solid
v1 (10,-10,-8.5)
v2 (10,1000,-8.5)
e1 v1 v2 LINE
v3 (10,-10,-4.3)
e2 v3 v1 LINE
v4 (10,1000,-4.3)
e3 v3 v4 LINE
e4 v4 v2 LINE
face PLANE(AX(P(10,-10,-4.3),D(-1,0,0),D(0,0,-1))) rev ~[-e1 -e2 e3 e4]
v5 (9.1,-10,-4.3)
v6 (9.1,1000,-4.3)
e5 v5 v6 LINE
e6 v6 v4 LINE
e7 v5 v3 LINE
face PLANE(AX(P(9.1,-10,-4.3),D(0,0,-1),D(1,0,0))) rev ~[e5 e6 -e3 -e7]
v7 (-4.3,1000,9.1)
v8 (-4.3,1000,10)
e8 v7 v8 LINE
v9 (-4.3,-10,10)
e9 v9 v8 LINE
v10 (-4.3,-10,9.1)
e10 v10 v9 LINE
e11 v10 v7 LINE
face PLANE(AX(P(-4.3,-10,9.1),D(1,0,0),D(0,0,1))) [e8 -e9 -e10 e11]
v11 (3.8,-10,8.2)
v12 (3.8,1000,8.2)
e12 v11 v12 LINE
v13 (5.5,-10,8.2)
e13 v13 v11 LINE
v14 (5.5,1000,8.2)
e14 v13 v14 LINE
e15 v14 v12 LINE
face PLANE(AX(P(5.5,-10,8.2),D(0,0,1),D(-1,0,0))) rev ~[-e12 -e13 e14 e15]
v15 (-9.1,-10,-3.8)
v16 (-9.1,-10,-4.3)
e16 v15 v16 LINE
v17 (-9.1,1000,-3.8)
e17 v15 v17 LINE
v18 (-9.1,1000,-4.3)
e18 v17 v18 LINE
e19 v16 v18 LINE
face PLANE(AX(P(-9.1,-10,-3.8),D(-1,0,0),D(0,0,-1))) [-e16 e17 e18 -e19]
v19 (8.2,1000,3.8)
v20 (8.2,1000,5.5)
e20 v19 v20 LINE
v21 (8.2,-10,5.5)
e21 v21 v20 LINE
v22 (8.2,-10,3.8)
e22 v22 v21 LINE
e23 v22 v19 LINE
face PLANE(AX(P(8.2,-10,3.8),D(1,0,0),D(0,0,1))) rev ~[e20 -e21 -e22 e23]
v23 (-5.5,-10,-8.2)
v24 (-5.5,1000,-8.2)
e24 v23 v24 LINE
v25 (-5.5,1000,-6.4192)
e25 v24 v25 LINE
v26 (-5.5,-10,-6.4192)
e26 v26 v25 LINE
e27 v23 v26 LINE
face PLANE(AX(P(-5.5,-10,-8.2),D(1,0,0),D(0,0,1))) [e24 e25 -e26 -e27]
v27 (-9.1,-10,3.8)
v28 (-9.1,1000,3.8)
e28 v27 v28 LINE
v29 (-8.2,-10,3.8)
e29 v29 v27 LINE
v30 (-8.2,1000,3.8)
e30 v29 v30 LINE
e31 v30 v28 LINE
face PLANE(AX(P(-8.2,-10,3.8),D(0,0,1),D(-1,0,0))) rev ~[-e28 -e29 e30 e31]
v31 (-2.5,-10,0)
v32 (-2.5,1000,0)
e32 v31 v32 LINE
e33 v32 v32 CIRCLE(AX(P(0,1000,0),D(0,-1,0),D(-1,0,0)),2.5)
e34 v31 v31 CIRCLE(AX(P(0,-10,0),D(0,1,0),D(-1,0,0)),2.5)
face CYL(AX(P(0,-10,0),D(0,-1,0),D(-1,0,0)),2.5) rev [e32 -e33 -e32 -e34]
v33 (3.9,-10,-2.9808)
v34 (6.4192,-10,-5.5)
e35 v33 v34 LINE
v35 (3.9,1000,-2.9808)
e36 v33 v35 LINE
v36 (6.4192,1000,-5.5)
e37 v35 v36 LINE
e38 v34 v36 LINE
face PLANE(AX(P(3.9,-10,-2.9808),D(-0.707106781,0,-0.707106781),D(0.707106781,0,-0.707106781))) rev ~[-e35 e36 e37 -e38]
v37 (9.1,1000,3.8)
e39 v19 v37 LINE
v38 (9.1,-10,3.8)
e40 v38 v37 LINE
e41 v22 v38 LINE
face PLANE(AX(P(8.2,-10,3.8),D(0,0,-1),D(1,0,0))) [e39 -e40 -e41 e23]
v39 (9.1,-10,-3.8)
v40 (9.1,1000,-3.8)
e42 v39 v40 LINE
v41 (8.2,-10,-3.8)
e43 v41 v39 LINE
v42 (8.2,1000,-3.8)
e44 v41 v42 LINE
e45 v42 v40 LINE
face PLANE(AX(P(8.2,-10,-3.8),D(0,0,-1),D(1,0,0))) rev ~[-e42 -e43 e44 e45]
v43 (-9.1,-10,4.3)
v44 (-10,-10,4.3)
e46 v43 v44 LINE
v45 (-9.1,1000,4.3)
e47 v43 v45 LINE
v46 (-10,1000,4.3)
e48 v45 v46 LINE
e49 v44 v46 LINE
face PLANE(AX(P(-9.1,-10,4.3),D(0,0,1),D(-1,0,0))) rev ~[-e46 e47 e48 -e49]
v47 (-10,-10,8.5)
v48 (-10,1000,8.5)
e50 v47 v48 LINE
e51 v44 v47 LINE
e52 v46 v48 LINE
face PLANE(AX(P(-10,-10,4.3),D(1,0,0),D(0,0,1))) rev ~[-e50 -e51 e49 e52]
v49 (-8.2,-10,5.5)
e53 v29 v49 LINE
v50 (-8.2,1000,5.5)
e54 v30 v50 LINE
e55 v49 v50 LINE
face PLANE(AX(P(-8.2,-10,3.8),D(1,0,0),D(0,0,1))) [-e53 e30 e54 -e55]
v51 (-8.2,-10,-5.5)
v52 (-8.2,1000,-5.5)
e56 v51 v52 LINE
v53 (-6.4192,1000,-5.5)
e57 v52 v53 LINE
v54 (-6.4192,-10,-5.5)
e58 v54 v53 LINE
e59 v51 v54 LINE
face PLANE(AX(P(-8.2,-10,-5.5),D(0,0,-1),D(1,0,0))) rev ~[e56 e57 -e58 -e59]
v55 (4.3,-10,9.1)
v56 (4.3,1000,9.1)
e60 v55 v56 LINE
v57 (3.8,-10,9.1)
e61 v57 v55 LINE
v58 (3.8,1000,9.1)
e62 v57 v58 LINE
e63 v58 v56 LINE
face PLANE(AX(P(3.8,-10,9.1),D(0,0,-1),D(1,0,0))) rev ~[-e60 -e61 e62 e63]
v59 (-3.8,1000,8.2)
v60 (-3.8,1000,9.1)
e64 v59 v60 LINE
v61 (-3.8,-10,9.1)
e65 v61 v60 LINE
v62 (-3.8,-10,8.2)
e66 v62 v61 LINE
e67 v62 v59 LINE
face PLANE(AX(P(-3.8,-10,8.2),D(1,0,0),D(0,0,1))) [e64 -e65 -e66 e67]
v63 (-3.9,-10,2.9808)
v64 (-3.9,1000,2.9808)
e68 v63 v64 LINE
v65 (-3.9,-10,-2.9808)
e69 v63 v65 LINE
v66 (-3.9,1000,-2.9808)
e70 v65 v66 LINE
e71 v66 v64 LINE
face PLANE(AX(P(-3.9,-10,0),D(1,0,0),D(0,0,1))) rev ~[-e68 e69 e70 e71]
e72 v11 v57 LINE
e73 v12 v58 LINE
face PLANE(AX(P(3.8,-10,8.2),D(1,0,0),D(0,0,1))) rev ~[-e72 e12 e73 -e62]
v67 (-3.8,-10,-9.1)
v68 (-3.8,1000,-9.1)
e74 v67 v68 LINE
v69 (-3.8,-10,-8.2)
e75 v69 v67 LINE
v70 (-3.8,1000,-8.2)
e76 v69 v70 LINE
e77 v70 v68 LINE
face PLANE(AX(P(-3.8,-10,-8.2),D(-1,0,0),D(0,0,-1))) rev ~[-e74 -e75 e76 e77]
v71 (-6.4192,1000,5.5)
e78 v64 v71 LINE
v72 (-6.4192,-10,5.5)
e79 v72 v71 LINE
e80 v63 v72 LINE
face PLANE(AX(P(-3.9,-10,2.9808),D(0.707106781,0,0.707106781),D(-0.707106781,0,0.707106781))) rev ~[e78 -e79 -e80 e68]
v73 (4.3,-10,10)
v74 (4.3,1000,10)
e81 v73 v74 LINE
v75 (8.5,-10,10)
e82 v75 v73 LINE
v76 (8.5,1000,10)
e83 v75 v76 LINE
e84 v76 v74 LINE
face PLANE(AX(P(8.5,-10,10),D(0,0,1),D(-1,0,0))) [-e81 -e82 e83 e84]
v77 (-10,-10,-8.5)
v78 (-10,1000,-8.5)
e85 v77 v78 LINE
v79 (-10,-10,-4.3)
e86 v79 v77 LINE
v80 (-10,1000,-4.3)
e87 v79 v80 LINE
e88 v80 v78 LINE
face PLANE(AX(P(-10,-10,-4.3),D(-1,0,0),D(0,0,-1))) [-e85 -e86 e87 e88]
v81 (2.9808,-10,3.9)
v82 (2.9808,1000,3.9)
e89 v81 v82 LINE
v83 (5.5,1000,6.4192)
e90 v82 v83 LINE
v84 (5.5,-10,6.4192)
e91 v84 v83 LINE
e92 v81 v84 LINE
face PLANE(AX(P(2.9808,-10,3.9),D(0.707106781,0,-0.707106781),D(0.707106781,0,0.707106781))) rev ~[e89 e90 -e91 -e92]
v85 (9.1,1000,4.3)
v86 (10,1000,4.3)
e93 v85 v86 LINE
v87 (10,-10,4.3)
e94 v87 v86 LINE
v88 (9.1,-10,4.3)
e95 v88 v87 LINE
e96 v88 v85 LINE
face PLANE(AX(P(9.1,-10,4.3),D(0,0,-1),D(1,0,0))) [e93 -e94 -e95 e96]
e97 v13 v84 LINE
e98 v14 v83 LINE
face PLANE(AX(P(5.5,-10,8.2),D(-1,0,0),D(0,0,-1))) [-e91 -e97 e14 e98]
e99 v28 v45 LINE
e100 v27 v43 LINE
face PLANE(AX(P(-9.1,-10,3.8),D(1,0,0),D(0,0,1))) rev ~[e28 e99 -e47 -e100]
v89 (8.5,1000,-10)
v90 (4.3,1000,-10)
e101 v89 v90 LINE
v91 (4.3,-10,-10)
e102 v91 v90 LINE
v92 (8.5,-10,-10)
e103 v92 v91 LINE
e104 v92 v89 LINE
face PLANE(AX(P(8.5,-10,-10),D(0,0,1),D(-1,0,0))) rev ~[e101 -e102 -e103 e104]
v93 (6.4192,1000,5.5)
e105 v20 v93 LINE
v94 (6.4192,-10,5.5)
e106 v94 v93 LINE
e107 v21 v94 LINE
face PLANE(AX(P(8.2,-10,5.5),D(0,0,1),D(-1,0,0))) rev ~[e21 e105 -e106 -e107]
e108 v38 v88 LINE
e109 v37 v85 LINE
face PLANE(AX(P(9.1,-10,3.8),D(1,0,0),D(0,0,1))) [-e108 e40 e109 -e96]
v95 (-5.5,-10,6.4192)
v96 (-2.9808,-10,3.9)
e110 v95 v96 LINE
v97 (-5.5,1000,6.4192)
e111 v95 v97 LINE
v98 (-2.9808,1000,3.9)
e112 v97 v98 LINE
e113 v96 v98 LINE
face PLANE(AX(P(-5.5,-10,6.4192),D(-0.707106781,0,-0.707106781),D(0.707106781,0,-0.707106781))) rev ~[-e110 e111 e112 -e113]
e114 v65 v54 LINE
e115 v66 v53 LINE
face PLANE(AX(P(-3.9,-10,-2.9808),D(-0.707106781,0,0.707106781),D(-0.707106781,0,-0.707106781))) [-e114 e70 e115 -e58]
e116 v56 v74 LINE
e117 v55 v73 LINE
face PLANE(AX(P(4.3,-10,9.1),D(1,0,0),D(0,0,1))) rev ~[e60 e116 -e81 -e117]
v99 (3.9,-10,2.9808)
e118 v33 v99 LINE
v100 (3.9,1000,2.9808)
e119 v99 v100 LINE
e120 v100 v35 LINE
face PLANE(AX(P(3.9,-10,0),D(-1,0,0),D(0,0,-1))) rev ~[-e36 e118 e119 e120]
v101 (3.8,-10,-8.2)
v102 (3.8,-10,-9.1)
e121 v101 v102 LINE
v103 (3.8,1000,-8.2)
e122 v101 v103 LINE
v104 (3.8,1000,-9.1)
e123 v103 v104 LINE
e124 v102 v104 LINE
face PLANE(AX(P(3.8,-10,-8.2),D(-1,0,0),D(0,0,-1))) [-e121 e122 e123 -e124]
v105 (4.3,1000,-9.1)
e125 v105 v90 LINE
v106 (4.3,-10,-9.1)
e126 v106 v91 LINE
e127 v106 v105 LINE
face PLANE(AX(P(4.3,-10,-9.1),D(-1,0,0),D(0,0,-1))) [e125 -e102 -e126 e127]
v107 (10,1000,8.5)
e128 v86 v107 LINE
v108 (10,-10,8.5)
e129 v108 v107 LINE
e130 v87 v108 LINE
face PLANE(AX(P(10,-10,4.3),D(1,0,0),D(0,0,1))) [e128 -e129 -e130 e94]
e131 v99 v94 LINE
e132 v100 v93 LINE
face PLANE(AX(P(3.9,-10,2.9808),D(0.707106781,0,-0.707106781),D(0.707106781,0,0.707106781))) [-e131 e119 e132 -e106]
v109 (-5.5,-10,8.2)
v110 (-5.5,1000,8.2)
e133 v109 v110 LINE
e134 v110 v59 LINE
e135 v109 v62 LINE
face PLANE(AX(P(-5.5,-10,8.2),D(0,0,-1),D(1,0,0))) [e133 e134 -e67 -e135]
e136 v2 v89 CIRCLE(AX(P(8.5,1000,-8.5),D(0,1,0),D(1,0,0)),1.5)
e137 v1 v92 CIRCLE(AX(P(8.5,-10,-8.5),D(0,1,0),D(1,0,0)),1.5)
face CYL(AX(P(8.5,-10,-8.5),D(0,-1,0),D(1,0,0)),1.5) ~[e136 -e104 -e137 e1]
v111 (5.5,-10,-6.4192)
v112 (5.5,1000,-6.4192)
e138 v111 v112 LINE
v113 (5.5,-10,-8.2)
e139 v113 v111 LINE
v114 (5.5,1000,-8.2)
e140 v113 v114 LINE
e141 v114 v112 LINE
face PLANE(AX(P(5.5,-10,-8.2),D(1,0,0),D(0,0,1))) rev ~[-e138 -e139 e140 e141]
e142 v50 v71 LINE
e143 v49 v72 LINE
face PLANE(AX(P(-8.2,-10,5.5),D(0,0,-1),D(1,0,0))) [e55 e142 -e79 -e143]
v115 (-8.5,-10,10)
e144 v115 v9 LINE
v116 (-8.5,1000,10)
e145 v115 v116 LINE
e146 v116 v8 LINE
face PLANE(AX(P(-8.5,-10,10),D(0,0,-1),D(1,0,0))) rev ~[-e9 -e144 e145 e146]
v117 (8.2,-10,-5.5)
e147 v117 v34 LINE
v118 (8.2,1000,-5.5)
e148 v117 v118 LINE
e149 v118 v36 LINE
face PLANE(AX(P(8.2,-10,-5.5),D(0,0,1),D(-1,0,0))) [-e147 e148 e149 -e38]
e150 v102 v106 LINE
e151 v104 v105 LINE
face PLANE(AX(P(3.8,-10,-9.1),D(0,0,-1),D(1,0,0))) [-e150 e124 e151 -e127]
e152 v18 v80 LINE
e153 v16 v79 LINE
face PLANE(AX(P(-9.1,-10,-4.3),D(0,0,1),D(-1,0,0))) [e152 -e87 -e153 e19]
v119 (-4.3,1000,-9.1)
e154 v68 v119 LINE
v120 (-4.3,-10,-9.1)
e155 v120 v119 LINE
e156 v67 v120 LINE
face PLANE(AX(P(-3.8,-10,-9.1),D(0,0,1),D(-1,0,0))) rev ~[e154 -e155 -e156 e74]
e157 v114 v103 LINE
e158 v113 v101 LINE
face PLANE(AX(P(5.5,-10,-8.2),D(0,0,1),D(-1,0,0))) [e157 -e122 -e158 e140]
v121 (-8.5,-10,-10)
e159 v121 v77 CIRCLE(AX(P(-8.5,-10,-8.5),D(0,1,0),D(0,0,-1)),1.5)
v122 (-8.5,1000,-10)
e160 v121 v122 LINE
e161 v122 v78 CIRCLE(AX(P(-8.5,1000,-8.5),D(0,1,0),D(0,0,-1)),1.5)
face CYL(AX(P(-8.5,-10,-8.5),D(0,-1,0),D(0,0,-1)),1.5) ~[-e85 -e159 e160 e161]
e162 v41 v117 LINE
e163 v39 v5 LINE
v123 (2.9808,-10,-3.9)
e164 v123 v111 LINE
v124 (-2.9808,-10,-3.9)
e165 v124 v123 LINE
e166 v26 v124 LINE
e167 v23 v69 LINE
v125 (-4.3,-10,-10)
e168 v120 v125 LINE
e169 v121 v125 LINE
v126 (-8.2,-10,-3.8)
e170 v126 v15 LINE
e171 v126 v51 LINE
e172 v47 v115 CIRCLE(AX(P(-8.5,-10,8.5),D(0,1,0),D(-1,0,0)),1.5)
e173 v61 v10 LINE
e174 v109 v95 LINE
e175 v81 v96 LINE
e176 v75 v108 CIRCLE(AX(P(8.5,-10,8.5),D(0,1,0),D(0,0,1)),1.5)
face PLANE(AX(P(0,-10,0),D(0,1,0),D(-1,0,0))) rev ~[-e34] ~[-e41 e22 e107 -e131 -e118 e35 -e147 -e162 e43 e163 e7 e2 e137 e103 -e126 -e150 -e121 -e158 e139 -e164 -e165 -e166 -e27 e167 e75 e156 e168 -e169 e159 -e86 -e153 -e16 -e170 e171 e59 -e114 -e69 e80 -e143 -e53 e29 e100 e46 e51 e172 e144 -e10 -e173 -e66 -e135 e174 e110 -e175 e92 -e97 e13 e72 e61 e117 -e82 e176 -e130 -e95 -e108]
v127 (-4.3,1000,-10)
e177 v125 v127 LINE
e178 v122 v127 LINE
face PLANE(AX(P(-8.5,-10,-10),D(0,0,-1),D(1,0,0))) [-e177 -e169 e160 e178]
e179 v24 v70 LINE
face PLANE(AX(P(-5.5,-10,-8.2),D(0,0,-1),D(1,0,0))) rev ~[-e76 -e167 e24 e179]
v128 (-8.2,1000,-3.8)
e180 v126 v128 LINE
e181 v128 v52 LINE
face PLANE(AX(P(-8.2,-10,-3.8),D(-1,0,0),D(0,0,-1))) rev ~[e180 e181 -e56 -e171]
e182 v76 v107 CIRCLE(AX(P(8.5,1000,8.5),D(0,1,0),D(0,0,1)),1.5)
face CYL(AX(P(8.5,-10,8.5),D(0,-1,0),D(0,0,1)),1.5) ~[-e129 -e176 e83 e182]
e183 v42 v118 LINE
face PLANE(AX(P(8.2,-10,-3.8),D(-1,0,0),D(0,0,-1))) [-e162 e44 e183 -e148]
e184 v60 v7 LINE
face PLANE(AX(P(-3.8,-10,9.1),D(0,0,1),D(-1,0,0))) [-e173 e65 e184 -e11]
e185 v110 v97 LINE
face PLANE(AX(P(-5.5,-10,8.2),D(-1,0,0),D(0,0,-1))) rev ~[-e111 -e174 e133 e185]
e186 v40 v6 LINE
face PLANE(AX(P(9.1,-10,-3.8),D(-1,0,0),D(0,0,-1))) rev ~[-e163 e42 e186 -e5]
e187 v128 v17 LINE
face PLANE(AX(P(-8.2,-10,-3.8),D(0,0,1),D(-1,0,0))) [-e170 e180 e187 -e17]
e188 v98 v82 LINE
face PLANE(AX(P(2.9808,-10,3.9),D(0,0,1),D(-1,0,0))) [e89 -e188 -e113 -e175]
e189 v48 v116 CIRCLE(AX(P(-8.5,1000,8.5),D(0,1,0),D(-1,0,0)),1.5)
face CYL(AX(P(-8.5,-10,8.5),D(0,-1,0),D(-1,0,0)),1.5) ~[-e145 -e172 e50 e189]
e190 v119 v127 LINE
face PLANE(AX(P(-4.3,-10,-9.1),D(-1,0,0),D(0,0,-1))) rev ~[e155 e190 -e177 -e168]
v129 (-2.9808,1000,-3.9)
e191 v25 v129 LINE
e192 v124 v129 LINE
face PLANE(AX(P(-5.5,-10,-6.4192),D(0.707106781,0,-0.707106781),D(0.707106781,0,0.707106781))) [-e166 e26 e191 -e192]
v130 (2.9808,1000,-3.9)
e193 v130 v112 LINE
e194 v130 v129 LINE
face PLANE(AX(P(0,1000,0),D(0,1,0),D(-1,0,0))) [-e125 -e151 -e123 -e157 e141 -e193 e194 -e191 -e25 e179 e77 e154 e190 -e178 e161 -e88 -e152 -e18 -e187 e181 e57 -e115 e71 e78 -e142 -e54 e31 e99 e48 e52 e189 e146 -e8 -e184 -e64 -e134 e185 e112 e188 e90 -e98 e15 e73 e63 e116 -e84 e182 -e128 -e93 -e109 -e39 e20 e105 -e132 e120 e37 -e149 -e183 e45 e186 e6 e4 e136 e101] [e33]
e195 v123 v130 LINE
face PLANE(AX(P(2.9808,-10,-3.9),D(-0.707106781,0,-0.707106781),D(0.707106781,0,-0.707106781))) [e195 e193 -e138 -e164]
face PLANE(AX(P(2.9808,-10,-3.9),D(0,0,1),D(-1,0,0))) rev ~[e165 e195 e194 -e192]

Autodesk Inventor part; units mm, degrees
ref_plane "起始平面" through (0, -10, 0) normal (0, 1, 0) x (-1, 0, 0)
ref_plane "终止平面" through (0, 1000, 0) normal (0, 1, 0) x (-1, 0, 0)
sketch "草图" plane through (0, 0, 0) normal (0, 1, 0) x (-1, 0, 0)
  line L0 (-9.1, 10.0192) -> (-9.101, 10.0203)
  line L1 (-10, 10) -> (-9.5607, 9.5607) construction
  arc A0 (-8.5, 10) -> (-10, 8.5) centre (-8.5, 8.5) ccw
  circle A1 centre (0, 0) radius 2.5
  line L2 (-2.9808, 3.9) -> (0, 3.9)
  line L3 (-3.9, 0) -> (-3.9, 2.9808)
  line L4 (-2.5, 0) -> (-3.1, 0)
  line L5 (2.9808, 3.9) -> (0, 3.9)
  circle A2 centre (0, 0) radius 2.5
  circle A3 centre (0, 0) radius 2.5
  circle A4 centre (0, 0) radius 2.5
  line L6 (0, 16.3557) -> (0, -12.0006)
  line L7 (-4.3, 9.1) -> (-4.3, 10)
  line L8 (2.9808, -3.9) -> (0, -3.9)
  line L9 (-3.9, 0) -> (-3.9, -2.9808)
  line L10 (3.9, 0) -> (3.9, -2.9808)
  line L11 (-2.9808, -3.9) -> (-5.5, -6.4192)
  line L12 (-2.9808, -3.9) -> (0, -3.9)
  line L13 (3.8, -8.2) -> (3.8, -9.1)
  line L14 (5.5, -6.4192) -> (2.9808, -3.9)
  line L15 (3.8, -9.1) -> (4.3, -9.1)
  line L16 (5.5, -8.2) -> (3.8, -8.2)
  line L17 (5.5, -8.2) -> (5.5, -6.4192)
  line L18 (3.9, -2.9808) -> (6.4192, -5.5)
  line L19 (8.2, -3.8) -> (8.2, -5.5)
  line L20 (8.2, -5.5) -> (6.4192, -5.5)
  line L21 (8.2, -3.8) -> (9.1, -3.8)
  line L22 (9.1, -3.8) -> (9.1, -4.3)
  line L23 (9.1, -4.3) -> (10, -4.3)
  line L24 (10, -4.3) -> (10, -8.5)
  arc A5 (8.5, -10) -> (10, -8.5) centre (8.5, -8.5) ccw
  line L25 (8.5, -10) -> (4.3, -10)
  line L26 (4.3, -9.1) -> (4.3, -10)
  line L27 (5.5, 6.4192) -> (2.9808, 3.9)
  line L28 (3.9, 2.9808) -> (6.4192, 5.5)
  line L29 (10, 4.3) -> (10, 8.5)
  line L30 (3.9, 0) -> (3.9, 2.9808)
  line L31 (5.5, 8.2) -> (5.5, 6.4192)
  line L32 (5.5, 8.2) -> (3.8, 8.2)
  line L33 (4.3, 9.1) -> (4.3, 10)
  arc A6 (10, 8.5) -> (8.5, 10) centre (8.5, 8.5) ccw
  line L34 (8.5, 10) -> (4.3, 10)
  line L35 (8.2, 3.8) -> (9.1, 3.8)
  line L36 (9.1, 4.3) -> (10, 4.3)
  line L37 (9.1, 3.8) -> (9.1, 4.3)
  line L38 (8.2, 3.8) -> (8.2, 5.5)
  line L39 (8.2, 5.5) -> (6.4192, 5.5)
  line L40 (3.8, 8.2) -> (3.8, 9.1)
  line L41 (3.8, 9.1) -> (4.3, 9.1)
  line L42 (-10, 4.3) -> (-10, 8.5)
  line L43 (-8.5, 10) -> (-4.3, 10)
  line L44 (-9.1, 4.3) -> (-10, 4.3)
  line L45 (-9.1, 3.8) -> (-9.1, 4.3)
  line L46 (-8.2, 3.8) -> (-9.1, 3.8)
  line L47 (-8.2, 5.5) -> (-6.4192, 5.5)
  line L48 (-8.2, 3.8) -> (-8.2, 5.5)
  line L49 (-5.5, 8.2) -> (-5.5, 6.4192)
  line L50 (-3.8, 9.1) -> (-4.3, 9.1)
  line L51 (-3.8, 8.2) -> (-3.8, 9.1)
  line L52 (-5.5, 8.2) -> (-3.8, 8.2)
  line L53 (-3.9, 2.9808) -> (-6.4192, 5.5)
  line L54 (-2.9808, 3.9) -> (-5.5, 6.4192)
  line L55 (-5.5, -8.2) -> (-3.8, -8.2)
  line L56 (-5.5, -8.2) -> (-5.5, -6.4192)
  line L57 (-3.9, -2.9808) -> (-6.4192, -5.5)
  line L58 (-3.8, -8.2) -> (-3.8, -9.1)
  line L59 (-3.8, -9.1) -> (-4.3, -9.1)
  line L60 (-4.3, -9.1) -> (-4.3, -10)
  line L61 (-8.2, -5.5) -> (-6.4192, -5.5)
  line L62 (-8.2, -3.8) -> (-9.1, -3.8)
  line L63 (-9.1, -3.8) -> (-9.1, -4.3)
  line L64 (-8.5, -10) -> (-4.3, -10)
  line L65 (-9.1, -4.3) -> (-10, -4.3)
  line L66 (-10, -4.3) -> (-10, -8.5)
  arc A7 (-10, -8.5) -> (-8.5, -10) centre (-8.5, -8.5) ccw
  line L67 (-8.2, -3.8) -> (-8.2, -5.5)
  dimension "圆角" = 1.5
  dimension "宽度" = 20
extrude "实体" add sketch "草图" along normal up to surface (1010 mm away) from surface at -10 contours L43 L7 L50 L51 L52 L49 L54 L2 L6 A1 L12 L11 L56 L55 L58 L59 L60 L64 A7 L66 L65 L63 L62 L67 L61 L57 L9 L3 L53 L47 L48 L46 L45 L44 L42 A0 | L5 L27 L31 L32 L40 L41 L33 L34 A6 L29 L36 L37 L35 L38 L39 L28 L30 L10 L18 L20 L19 L21 L22 L23 L24 A5 L25 L26 L15 L13 L16 L17 L14 L8 L6 A1
sketch "草图2" plane through (0, 0, 0) normal (0, 1, 0) x (-1, 0, 0)
  line L0 (0, 0) -> (10, 0)
ref_plane "工作平面3" through (0, 0, 0) normal (0, 0, -1) x (-1, 0, 0)
sketch "草图3" plane through (0, 0, 0) normal (0, 0, -1) x (-1, 0, 0)
  line L0 (-2, -10) -> (12, -10)
  line L1 (-2, 1000) -> (12, 1000)
  dimension "d11" = 1010
ref_plane "工作平面4" through (800, -10, 4.3) normal (0, -1, 0) x (1, 0, 0)
split "分割1" plane through (800, -10, 4.3) removes the side toward (0, -1, 0)
equation "\"G_OFFSET_END\" = 0"
equation "\"G_L\" = d11"
properties part number "欧标 2020铝合金钢材-01"
